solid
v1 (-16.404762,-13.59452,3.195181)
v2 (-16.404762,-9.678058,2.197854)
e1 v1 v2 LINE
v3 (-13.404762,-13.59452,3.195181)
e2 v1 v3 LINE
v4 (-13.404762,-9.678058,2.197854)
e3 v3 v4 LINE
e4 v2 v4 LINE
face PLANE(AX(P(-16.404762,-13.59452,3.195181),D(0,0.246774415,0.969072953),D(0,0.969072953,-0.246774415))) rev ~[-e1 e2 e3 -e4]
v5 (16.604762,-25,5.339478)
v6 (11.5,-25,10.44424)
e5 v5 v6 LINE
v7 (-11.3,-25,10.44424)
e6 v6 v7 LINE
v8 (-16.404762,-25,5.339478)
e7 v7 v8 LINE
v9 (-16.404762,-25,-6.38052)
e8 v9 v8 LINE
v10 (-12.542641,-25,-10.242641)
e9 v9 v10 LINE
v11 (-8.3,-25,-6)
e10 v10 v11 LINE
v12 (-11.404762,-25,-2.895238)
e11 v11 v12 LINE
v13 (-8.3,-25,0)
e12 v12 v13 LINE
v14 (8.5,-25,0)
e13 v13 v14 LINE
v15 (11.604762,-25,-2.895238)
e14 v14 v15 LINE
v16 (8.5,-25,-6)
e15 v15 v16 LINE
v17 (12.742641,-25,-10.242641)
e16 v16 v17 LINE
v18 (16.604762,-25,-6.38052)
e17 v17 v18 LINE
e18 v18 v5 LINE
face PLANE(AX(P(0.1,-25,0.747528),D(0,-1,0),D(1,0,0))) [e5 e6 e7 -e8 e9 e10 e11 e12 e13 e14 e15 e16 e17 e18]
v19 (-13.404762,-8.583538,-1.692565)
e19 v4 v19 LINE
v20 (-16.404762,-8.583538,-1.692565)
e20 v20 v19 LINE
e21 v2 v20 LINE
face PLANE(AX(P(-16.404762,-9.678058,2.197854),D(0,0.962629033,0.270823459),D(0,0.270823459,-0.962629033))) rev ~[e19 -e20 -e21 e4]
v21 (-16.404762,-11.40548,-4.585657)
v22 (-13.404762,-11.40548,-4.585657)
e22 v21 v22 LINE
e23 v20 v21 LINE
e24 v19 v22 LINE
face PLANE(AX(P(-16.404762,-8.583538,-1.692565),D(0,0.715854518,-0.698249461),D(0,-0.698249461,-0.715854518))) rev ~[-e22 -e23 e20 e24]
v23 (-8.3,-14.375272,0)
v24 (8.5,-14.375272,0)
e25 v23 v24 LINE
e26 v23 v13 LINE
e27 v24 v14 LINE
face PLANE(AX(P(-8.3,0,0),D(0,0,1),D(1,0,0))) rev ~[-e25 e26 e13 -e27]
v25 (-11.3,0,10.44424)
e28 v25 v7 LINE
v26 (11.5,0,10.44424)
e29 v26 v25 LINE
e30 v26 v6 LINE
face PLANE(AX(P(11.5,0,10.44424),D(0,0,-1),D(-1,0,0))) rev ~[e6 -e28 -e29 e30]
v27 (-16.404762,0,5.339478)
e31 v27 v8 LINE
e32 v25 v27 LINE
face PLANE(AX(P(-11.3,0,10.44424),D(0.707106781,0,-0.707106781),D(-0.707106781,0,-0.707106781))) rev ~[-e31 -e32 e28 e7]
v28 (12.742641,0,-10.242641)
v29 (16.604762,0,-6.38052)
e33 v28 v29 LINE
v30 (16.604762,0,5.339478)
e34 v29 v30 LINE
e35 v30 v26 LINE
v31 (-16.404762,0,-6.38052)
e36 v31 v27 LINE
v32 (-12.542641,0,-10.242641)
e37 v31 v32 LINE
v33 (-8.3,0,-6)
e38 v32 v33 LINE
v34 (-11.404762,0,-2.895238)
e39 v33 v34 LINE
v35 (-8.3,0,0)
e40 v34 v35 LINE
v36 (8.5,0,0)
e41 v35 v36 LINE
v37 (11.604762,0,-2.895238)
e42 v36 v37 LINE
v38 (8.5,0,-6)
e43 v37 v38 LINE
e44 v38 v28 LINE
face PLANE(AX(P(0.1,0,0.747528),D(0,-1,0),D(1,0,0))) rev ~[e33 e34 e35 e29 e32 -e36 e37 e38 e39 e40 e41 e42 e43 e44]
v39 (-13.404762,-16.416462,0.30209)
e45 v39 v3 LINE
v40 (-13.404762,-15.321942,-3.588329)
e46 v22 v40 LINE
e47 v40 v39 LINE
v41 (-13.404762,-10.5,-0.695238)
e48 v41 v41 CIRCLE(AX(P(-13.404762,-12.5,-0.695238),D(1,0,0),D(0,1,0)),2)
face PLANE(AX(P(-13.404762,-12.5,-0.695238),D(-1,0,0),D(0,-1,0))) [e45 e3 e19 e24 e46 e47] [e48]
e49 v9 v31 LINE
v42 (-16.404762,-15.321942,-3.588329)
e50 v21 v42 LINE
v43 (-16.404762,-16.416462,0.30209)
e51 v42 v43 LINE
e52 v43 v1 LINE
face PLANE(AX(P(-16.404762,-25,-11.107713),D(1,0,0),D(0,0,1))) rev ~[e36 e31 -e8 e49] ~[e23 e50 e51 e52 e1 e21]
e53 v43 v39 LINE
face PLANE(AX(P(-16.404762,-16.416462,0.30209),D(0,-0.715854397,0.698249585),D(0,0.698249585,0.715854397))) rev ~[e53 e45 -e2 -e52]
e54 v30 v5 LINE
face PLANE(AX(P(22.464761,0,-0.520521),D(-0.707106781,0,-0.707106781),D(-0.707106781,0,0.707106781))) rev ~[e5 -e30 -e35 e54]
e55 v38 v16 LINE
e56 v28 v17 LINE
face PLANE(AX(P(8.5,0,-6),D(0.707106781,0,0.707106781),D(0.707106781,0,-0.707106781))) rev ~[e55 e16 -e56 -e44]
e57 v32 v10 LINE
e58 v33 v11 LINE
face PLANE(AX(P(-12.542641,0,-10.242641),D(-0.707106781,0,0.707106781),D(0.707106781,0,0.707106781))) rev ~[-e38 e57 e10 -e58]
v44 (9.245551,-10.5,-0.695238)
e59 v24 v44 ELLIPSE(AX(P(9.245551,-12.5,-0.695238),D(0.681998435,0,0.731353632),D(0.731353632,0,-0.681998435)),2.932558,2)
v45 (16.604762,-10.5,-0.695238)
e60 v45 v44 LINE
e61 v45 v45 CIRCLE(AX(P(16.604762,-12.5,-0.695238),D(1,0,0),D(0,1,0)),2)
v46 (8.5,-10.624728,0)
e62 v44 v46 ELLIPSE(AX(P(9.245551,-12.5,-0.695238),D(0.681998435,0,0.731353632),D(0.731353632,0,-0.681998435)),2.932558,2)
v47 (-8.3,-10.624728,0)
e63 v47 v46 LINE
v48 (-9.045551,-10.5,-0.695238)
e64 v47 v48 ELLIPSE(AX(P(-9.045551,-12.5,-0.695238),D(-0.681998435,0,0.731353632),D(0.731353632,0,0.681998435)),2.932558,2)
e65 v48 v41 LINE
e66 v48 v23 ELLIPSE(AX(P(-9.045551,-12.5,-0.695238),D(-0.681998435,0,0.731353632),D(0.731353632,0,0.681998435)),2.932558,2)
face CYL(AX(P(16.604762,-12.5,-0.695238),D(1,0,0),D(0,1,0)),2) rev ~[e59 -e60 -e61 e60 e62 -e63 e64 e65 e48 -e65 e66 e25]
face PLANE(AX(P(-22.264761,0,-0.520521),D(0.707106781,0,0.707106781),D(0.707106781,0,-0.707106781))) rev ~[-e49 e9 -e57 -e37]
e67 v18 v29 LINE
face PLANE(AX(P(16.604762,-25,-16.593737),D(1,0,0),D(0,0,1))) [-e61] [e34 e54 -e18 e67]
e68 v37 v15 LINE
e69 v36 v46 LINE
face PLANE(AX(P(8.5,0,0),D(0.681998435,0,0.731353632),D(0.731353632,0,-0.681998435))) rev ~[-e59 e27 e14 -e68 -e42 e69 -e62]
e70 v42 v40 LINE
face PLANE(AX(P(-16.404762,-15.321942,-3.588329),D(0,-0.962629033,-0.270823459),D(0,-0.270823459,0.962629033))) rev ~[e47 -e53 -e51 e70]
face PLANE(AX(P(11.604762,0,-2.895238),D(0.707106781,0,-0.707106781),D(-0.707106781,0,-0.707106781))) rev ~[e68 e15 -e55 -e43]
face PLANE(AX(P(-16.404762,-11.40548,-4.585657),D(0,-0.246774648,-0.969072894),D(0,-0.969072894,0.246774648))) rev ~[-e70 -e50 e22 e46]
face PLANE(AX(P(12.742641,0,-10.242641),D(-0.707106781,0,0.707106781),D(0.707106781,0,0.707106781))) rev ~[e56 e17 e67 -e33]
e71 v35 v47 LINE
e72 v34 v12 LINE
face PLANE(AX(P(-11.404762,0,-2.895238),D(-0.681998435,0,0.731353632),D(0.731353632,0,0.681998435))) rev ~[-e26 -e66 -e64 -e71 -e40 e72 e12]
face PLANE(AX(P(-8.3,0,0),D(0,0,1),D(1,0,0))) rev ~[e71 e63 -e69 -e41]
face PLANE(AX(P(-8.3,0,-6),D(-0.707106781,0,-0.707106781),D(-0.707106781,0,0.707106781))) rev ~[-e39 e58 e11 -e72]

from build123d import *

# Parameters (mm, degrees)
F1_DEPTH = 25
F2_W     = 7.596032
F2_H     = 21.10009
F2_W_2   = 10.268714
F2_H_2   = 30.102797
F3_DEPTH = 25
F4_R     = 2
F5_DEPTH = 35
F7_DEPTH = 3


with BuildPart() as f1:
    # F0 (on Front) → F1 (new body)
    with BuildSketch(Plane.XZ):
        Polygon((-11.404762, -2.895238), (-8.3, 0), (8.5, 0), (11.604762, -2.895238), (8.5, -6), (12.742641, -10.242641), (22.464761, -0.520521), (11.5, 10.44424), (-11.3, 10.44424), (-22.264761, -0.520521), (-12.542641, -10.242641), (-8.3, -6), align=None)
    extrude(amount=F1_DEPTH)

    # F2 (on face) → F3 (cut)
    with BuildSketch(Plane.XZ.offset(25)):
        with Locations((-20.202778, -0.557668)):
            Rectangle(F2_W, F2_H)
        with Locations((21.739119, -1.542339)):
            Rectangle(F2_W_2, F2_H_2)
    extrude(amount=-F3_DEPTH, mode=Mode.SUBTRACT)

    # F4 (on face) → F5 (cut)
    with BuildSketch(Plane.YZ.offset(16.604762)):
        with Locations((-12.5, -0.695238)):
            Circle(F4_R)
    extrude(amount=-F5_DEPTH, mode=Mode.SUBTRACT)

    # F6 (on face) → F7 (cut)
    with BuildSketch(Plane(origin=(-16.404762, 0, 0), x_dir=(0, -1, 0), z_dir=(-1, 0, 0))):
        Polygon((15.321942, -3.588329), (16.416462, 0.30209), (13.59452, 3.195181), (9.678058, 2.197854), (8.583538, -1.692565), (11.40548, -4.585657), align=None)
    extrude(amount=-F7_DEPTH, mode=Mode.SUBTRACT)


solid = f1.part
